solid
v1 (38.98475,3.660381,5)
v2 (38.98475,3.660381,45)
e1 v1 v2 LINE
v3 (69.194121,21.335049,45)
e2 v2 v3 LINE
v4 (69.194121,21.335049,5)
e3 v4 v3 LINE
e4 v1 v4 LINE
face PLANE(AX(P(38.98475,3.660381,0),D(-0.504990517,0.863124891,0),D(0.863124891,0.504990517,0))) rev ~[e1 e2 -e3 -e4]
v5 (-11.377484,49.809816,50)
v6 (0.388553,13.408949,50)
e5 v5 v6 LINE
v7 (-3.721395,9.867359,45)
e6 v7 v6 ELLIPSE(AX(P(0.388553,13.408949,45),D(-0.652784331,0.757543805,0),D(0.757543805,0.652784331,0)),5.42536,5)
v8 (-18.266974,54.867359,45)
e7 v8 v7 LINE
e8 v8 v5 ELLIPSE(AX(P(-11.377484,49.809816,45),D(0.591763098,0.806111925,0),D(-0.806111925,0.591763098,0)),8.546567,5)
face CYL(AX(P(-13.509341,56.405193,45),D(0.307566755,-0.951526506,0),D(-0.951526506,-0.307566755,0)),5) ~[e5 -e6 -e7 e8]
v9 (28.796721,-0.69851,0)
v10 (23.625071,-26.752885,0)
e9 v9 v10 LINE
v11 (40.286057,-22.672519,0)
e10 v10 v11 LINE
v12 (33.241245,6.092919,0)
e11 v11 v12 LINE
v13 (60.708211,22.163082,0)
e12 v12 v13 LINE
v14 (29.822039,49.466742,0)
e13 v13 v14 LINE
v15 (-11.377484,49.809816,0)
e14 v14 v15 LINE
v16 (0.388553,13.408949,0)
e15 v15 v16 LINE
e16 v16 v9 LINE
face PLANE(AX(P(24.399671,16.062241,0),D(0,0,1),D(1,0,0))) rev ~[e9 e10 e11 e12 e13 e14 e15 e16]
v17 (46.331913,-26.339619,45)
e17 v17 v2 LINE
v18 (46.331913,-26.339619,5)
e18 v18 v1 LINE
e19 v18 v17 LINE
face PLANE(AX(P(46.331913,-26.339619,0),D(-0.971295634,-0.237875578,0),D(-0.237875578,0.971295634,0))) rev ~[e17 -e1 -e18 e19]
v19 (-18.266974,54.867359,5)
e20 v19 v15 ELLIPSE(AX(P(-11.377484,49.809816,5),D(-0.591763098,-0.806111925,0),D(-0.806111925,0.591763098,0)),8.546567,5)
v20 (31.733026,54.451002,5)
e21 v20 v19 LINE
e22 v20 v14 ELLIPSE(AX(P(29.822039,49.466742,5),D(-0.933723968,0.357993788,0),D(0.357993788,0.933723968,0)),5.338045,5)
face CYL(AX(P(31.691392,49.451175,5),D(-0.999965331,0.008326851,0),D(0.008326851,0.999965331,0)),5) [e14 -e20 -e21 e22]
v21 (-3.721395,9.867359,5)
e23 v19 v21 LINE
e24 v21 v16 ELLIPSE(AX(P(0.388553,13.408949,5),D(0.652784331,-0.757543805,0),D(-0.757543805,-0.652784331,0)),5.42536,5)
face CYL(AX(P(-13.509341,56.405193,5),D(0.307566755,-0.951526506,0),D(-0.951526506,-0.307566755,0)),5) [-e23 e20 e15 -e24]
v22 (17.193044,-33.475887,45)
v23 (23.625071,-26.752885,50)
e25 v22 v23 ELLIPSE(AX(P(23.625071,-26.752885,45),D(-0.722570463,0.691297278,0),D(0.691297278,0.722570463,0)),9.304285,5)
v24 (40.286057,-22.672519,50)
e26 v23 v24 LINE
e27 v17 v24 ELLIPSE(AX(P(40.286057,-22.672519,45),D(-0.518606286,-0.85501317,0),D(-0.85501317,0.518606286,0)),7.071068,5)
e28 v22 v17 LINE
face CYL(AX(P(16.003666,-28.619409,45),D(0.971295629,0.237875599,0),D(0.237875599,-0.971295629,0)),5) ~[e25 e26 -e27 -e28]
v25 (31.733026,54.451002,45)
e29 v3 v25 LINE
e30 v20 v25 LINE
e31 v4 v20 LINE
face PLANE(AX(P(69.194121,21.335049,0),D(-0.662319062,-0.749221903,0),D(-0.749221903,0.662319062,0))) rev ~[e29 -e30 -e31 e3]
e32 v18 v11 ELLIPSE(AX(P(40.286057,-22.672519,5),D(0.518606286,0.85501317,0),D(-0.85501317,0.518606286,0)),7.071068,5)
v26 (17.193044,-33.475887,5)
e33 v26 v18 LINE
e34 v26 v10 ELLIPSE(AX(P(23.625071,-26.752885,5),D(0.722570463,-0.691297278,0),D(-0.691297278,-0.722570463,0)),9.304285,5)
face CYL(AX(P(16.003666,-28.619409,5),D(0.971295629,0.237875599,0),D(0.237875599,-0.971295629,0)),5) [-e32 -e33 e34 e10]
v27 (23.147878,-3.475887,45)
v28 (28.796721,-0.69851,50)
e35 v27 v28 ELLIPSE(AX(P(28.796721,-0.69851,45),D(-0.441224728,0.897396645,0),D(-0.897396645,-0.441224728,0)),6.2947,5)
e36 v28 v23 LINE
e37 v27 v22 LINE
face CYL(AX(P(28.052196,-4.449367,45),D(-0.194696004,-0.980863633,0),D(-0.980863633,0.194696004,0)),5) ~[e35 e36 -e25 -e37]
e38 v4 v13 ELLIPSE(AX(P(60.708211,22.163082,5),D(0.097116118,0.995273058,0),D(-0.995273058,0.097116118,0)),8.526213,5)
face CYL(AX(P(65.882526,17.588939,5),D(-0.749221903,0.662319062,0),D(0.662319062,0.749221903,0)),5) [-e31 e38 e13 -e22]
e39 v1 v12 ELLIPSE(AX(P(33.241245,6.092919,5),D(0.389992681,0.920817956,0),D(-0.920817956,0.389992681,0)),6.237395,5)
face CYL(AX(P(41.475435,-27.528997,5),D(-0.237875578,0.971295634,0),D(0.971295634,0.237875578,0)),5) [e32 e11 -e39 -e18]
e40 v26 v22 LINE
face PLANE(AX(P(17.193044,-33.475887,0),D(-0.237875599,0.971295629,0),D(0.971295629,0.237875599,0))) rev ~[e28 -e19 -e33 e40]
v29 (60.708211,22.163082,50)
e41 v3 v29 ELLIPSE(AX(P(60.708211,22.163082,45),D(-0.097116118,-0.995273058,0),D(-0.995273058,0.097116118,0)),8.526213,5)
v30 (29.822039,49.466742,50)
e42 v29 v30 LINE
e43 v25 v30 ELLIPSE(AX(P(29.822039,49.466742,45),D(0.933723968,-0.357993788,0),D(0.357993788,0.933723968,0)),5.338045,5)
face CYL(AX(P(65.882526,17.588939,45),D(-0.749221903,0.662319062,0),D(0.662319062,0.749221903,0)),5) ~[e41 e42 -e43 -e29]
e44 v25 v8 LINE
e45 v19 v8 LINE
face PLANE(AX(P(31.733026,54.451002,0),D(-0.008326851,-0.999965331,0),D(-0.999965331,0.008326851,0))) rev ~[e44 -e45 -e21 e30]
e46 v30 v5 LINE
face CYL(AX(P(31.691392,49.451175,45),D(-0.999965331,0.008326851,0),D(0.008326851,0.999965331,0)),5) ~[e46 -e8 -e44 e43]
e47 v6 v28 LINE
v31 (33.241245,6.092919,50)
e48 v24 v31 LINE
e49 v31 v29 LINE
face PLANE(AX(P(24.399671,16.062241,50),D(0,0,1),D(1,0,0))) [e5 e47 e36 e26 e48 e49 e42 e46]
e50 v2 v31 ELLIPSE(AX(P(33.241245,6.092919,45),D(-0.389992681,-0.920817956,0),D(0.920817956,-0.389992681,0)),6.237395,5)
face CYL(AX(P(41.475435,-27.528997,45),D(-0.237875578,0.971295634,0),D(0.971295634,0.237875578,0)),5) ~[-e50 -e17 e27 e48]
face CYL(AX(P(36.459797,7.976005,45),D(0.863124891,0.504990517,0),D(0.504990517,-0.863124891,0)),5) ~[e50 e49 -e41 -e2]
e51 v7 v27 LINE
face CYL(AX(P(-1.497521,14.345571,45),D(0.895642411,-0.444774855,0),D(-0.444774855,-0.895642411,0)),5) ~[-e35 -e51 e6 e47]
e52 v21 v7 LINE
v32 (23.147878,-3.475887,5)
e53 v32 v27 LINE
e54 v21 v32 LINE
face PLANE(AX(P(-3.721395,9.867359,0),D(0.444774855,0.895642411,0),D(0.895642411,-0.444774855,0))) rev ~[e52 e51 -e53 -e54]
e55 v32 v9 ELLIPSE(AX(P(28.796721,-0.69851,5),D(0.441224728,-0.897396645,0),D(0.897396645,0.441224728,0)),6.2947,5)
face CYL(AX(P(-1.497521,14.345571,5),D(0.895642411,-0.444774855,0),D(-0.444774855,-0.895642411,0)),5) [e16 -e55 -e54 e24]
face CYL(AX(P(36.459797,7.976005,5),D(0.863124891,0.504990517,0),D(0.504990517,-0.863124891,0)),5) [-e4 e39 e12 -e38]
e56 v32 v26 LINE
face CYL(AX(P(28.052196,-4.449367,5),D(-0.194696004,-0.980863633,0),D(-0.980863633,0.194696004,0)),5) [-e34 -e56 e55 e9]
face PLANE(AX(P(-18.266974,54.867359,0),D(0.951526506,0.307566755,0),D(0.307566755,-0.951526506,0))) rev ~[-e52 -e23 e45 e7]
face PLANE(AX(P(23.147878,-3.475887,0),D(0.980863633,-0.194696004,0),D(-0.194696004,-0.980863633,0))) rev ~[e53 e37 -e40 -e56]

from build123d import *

# Parameters (mm, degrees)
F1_DEPTH = 50
F2_R     = 5


with BuildPart() as f1:
    # F0 (on Top) → F1 (new body)
    with BuildSketch(Plane.XY):
        Polygon((23.147878, -3.475887), (17.193044, -33.475887), (46.331913, -26.339619), (38.98475, 3.660381), (69.194121, 21.335049), (31.733026, 54.451002), (-18.266974, 54.867359), (-3.721395, 9.867359), align=None)
    extrude(amount=F1_DEPTH)

    # F2
    f2_edges = [f1.edges().sort_by_distance(p)[0] for p in [
        (50.463574, 37.893025, 50),
        (6.733026, 54.65918, 50),
        (54.089435, 12.497715, 50),
        (42.658331, -11.339619, 50),
        (31.762479, -29.907753, 50),
        (20.170461, -18.475887, 50),
        (9.713242, 3.195736, 50),
        (-10.994184, 32.367359, 50),
        (50.463574, 37.893025, 0),
        (6.733026, 54.65918, 0),
        (42.658331, -11.339619, 0),
        (-10.994184, 32.367359, 0),
        (9.713242, 3.195736, 0),
        (20.170461, -18.475887, 0),
        (31.762479, -29.907753, 0),
        (54.089435, 12.497715, 0),
    ]]
    fillet(f2_edges, radius=F2_R)


solid = f1.part
